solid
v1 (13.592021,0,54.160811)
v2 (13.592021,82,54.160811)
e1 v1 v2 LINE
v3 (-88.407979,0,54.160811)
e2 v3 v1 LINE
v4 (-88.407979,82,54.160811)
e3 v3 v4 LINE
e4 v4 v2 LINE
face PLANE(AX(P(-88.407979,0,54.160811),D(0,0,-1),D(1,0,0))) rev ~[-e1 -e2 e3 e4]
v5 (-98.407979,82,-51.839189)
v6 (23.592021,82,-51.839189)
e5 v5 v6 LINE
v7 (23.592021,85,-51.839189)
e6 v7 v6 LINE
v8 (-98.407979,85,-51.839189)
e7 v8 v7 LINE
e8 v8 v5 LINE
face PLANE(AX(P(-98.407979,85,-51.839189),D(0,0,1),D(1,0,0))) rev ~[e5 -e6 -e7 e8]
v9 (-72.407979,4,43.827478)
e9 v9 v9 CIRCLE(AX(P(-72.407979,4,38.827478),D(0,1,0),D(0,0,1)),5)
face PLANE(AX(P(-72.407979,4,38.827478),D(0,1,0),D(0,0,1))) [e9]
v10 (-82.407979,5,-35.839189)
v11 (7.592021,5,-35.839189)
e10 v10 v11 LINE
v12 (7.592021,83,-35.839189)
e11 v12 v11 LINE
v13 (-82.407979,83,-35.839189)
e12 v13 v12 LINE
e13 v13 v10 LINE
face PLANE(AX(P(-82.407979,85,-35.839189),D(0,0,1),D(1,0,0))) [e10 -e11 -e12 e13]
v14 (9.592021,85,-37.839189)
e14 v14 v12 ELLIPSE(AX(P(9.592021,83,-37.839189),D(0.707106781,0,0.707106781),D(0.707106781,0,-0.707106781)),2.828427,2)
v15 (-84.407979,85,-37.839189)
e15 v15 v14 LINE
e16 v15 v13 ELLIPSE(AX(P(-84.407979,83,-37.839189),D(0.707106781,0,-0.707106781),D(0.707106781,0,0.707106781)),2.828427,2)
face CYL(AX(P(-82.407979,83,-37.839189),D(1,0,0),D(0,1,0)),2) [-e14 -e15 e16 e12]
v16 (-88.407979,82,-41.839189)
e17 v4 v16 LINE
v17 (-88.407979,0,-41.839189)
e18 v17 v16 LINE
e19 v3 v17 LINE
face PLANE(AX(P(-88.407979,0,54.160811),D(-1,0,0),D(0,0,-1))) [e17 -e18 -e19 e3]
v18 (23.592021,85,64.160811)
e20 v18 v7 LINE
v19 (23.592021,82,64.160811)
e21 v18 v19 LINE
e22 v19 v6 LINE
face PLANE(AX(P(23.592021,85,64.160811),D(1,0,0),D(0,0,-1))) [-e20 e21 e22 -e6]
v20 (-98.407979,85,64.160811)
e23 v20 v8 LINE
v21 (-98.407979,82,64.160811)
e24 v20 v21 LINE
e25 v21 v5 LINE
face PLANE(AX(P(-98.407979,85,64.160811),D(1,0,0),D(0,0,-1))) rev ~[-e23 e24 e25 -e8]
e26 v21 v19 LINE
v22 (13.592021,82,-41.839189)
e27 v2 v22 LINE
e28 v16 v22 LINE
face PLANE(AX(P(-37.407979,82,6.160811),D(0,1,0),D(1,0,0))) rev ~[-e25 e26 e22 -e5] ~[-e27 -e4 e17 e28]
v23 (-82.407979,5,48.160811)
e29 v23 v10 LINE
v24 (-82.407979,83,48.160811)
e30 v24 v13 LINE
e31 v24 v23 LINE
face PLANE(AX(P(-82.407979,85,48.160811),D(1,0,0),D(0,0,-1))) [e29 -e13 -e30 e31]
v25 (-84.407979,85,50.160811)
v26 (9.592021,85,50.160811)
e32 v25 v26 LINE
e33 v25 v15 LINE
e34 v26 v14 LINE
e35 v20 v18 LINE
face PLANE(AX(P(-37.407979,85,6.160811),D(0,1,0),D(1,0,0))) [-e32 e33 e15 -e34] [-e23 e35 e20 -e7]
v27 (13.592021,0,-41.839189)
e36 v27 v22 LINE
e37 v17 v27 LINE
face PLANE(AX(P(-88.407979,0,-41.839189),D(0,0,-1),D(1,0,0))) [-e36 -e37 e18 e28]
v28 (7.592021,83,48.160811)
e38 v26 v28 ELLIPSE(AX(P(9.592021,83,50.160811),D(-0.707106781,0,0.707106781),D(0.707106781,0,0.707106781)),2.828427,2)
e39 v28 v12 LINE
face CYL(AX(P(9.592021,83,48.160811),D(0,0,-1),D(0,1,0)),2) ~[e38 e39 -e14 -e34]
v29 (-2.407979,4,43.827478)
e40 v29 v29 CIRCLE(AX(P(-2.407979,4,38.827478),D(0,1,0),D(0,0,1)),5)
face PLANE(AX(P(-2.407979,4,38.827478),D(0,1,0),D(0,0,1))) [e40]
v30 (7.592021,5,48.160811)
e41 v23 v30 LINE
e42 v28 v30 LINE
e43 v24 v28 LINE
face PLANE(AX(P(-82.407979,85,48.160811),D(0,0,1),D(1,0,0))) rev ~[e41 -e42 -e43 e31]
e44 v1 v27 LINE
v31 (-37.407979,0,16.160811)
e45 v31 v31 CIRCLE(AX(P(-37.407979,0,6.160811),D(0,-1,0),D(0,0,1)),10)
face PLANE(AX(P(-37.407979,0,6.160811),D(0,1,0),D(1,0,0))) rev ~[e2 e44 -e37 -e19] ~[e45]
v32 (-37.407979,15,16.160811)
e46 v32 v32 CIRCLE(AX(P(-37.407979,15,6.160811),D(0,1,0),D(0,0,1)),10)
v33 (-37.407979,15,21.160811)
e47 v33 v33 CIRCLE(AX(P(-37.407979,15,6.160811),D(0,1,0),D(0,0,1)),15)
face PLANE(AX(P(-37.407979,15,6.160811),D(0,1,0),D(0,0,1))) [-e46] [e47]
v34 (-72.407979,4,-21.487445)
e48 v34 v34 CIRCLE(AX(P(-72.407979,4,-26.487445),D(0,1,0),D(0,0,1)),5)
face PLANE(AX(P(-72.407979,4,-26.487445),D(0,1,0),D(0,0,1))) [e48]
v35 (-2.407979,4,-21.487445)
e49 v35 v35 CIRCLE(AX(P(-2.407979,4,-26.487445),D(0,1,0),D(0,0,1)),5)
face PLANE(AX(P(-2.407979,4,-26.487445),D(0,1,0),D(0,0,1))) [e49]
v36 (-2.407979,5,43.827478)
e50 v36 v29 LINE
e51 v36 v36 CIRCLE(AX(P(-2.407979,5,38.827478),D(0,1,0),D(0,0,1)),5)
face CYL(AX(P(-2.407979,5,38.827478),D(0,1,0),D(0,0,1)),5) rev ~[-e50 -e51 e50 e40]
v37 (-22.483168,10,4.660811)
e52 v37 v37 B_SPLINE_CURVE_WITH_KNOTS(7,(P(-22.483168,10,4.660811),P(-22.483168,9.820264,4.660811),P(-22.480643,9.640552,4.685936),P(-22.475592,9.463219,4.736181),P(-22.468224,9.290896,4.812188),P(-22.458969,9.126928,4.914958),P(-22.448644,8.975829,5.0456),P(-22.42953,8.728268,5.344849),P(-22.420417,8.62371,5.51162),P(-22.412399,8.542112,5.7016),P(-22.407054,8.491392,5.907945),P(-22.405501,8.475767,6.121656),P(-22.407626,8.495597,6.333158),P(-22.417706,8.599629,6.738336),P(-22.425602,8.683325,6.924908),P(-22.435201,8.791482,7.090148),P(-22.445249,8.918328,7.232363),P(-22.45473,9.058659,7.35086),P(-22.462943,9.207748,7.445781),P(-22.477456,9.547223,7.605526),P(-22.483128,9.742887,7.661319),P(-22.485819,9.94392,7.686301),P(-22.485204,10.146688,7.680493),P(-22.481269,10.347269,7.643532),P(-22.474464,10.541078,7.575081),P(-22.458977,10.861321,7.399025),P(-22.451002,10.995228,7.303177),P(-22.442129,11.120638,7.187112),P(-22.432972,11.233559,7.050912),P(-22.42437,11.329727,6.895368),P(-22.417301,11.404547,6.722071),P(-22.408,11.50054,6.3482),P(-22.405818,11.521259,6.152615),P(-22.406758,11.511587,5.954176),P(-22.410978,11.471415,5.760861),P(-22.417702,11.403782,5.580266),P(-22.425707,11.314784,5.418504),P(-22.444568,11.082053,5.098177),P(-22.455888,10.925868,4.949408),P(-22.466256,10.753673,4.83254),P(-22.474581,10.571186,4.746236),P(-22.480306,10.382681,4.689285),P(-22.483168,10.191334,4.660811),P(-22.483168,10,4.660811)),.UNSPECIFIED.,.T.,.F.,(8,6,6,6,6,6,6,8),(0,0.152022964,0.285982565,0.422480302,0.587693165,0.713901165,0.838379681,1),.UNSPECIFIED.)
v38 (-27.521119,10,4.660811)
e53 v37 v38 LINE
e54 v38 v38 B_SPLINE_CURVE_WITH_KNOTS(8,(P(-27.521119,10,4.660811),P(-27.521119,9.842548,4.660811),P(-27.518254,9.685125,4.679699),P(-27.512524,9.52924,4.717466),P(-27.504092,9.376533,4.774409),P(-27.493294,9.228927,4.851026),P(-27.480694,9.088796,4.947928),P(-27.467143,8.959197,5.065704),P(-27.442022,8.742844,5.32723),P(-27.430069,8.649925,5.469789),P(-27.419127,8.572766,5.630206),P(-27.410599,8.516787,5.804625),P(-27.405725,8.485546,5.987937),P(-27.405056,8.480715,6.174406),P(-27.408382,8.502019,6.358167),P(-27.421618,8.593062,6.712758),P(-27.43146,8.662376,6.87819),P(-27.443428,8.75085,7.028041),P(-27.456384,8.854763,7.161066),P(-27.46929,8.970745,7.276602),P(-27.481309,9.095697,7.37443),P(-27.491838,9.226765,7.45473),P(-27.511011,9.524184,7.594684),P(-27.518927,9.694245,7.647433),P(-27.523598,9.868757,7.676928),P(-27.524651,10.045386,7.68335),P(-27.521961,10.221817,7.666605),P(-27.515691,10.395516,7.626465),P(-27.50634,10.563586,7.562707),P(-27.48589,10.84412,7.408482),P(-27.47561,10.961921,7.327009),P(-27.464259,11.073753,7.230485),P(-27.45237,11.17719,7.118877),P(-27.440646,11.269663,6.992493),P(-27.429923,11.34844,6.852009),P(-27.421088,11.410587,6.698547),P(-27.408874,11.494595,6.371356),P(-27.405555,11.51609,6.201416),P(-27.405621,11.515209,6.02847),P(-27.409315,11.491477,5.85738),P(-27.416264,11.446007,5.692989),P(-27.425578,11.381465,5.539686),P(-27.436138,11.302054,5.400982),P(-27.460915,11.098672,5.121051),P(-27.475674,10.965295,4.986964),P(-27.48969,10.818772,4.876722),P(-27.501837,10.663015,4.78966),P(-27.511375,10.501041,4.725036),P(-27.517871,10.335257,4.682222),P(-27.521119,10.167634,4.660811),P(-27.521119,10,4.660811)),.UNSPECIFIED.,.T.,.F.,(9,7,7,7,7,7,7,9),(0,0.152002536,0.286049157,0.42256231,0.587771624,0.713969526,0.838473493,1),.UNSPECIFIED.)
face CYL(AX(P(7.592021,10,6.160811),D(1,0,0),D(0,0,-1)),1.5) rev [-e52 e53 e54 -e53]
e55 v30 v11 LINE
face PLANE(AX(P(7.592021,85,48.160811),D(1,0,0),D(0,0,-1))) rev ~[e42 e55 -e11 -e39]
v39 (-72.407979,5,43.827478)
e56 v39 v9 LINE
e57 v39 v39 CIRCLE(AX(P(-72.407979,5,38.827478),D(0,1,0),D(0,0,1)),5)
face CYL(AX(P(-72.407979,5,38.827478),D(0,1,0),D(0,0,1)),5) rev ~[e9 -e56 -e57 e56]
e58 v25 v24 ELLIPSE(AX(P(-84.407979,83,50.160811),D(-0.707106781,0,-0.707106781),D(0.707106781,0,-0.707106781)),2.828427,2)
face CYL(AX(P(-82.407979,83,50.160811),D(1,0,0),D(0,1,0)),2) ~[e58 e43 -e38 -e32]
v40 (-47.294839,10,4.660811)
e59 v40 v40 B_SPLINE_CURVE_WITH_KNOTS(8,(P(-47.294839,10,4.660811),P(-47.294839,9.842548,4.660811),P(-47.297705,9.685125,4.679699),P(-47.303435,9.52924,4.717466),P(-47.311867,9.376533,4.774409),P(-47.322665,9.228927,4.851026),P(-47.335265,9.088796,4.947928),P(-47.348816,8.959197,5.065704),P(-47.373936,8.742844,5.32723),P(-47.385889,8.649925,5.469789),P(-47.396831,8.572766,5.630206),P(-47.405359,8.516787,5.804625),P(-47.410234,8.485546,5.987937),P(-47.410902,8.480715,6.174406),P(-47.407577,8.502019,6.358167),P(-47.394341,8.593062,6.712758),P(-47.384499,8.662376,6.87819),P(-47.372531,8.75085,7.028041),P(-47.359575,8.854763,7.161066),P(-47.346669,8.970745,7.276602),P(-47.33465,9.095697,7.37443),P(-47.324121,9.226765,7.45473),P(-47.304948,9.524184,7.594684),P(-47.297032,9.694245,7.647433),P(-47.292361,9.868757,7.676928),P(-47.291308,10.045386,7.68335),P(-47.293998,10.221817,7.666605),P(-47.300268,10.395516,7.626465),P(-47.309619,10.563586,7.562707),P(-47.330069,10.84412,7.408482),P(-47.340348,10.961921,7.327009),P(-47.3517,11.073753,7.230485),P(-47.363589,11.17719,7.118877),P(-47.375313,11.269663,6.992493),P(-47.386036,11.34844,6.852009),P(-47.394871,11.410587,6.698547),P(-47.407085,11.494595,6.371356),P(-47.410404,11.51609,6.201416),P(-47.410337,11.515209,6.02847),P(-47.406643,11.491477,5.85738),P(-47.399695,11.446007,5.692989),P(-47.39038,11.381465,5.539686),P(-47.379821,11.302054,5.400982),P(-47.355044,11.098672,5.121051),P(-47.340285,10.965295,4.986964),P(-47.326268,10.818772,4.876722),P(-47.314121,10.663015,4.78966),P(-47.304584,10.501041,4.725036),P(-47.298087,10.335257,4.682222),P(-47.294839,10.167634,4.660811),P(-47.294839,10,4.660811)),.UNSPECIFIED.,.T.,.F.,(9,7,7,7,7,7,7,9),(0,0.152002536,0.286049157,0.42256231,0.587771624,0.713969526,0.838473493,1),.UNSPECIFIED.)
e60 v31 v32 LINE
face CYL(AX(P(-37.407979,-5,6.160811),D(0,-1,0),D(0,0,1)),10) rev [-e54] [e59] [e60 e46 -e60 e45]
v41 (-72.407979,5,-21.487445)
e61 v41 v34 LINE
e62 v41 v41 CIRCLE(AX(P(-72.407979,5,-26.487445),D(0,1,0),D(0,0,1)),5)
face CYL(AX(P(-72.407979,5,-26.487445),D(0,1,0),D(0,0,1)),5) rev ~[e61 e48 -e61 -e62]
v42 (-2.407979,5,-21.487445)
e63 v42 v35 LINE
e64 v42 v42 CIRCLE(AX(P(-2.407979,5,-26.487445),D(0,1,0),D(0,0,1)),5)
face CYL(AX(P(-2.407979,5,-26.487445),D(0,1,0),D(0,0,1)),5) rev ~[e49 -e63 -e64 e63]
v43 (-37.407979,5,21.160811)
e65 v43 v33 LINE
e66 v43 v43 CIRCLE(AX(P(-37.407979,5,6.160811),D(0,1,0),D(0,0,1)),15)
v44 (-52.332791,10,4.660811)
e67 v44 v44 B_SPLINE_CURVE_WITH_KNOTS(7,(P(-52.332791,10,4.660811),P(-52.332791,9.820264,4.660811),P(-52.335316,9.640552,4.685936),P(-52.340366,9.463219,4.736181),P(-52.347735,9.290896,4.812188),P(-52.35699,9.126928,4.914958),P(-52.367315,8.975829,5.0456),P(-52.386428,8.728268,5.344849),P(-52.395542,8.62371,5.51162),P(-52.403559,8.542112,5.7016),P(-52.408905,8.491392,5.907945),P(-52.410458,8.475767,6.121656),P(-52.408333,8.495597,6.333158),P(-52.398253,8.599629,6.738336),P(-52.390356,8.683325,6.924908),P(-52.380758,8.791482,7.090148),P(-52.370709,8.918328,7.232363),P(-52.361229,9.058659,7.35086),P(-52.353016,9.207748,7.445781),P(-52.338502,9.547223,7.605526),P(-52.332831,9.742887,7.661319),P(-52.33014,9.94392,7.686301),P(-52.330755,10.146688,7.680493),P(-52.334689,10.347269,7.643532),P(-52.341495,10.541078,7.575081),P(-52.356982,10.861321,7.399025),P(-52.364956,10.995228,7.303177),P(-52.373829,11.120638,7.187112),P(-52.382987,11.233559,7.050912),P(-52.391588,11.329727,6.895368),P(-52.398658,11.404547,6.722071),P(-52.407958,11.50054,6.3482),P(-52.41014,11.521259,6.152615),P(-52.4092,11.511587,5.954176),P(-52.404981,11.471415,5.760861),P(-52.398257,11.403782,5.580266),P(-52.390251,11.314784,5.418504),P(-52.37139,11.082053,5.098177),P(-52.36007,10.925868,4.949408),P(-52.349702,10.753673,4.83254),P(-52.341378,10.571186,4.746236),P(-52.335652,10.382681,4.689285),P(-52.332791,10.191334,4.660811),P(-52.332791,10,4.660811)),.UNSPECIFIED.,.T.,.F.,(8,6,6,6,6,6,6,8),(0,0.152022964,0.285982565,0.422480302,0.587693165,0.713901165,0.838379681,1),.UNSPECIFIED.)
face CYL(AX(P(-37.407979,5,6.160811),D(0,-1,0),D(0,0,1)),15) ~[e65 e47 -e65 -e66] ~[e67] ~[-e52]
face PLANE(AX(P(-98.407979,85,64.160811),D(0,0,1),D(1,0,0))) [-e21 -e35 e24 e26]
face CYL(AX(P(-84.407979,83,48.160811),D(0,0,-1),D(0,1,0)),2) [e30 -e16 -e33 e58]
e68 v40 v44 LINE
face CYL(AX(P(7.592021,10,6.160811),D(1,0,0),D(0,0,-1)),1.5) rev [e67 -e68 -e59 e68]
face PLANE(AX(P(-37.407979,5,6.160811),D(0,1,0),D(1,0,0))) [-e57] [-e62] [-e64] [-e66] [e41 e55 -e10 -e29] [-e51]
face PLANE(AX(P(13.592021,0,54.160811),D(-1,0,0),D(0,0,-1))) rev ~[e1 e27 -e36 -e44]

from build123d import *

# Parameters (mm, degrees)
SKETCH1_W           = 102
SKETCH1_H           = 96
BOSS_EXTRUDE1_DEPTH = 85
SKETCH3_W           = 90
SKETCH3_H           = 84
CUT_EXTRUDE2_DEPTH  = 80
SKETCH4_W           = 122
SKETCH4_H           = 116
SKETCH4_W_2         = 102
SKETCH4_H_2         = 96
BOSS_EXTRUDE2_DEPTH = 3
SKETCH5_R           = 15
SKETCH5_R_2         = 10
BOSS_EXTRUDE3_DEPTH = 10
CUT_EXTRUDE3_START  = -10
SKETCH8_R           = 10
CUT_EXTRUDE3_DEPTH  = 10
SKETCH9_R           = 1.5
CUT_EXTRUDE4_DEPTH  = 80
SKETCH10_R          = 5
CUT_EXTRUDE_1_DEPTH = 1
FILLET_2_R          = 2


with BuildPart() as part:
    # Sketch1 → Boss-Extrude1 (new body)
    with BuildSketch(Plane(origin=(0, 0, 0), x_dir=(1, 0, 0), z_dir=(0, 1, 0))):
        with Locations((-37.407979351, -6.16081108)):
            Rectangle(SKETCH1_W, SKETCH1_H)
    extrude(amount=BOSS_EXTRUDE1_DEPTH)

    # Sketch3 → Cut-Extrude2 (cut)
    with BuildSketch(Plane(origin=(0, 85, 0), x_dir=(1, 0, 0), z_dir=(0, 1, 0))):
        with Locations((-37.407979351, -6.16081108)):
            Rectangle(SKETCH3_W, SKETCH3_H)
    extrude(amount=-CUT_EXTRUDE2_DEPTH, mode=Mode.SUBTRACT)

    # Sketch4 → Boss-Extrude2 (add)
    with BuildSketch(Plane(origin=(0, 85, 0), x_dir=(1, 0, 0), z_dir=(0, 1, 0))):
        with Locations((-37.407979351, -6.16081108)):
            Rectangle(SKETCH4_W, SKETCH4_H)
        with Locations((-37.407979351, -6.16081108)):
            Rectangle(SKETCH4_W_2, SKETCH4_H_2, mode=Mode.SUBTRACT)
    extrude(amount=-BOSS_EXTRUDE2_DEPTH)

    # Sketch5 → Boss-Extrude3 (add)
    with BuildSketch(Plane(origin=(0, 5, 0), x_dir=(1, 0, 0), z_dir=(0, 1, 0))):
        with Locations(Location((-37.407979351, -6.16081108, 0), (0, 0, 270))):
            Circle(SKETCH5_R)
        with Locations(Location((-37.407979351, -6.16081108, 0), (0, 0, 270))):
            Circle(SKETCH5_R_2, mode=Mode.SUBTRACT)
    extrude(amount=BOSS_EXTRUDE3_DEPTH)

    # Sketch8 → Cut-Extrude3 (cut)
    with BuildSketch(Plane(origin=(0, 5, 0), x_dir=(1, 0, 0), z_dir=(0, 1, 0)).offset(CUT_EXTRUDE3_START)):
        with Locations(Location((-37.407979351, -6.16081108, 0), (0, 0, 270))):
            Circle(SKETCH8_R)
    extrude(amount=CUT_EXTRUDE3_DEPTH, mode=Mode.SUBTRACT)

    # Sketch9 → Cut-Extrude4 (cut)
    with BuildSketch(Plane.ZY.offset(-7.592020649)):
        with Locations(Location((6.16081108, 10, 0), (0, 0, 180))):
            Circle(SKETCH9_R)
    extrude(amount=CUT_EXTRUDE4_DEPTH, mode=Mode.SUBTRACT)

    # Sketch10 → 切除-拉伸1 (cut)
    with BuildSketch(Plane(origin=(0, 5, 0), x_dir=(1, 0, 0), z_dir=(0, 1, 0))):
        with Locations(Location((-2.407979351, 26.487445273, 0), (0, 0, 270))):
            Circle(SKETCH10_R)
        with Locations(Location((-2.407979351, -38.827477746, 0), (0, 0, 270))):
            Circle(SKETCH10_R)
        with Locations(Location((-72.407979351, -38.827477746, 0), (0, 0, 270))):
            Circle(SKETCH10_R)
        with Locations(Location((-72.407979351, 26.487445273, 0), (0, 0, 270))):
            Circle(SKETCH10_R)
    extrude(amount=-CUT_EXTRUDE_1_DEPTH, mode=Mode.SUBTRACT)

    # 圆角2
    fillet_2_edges = [part.edges().sort_by_distance(p)[0] for p in [
        (-37.407979351, 85, -35.83918892),
        (-82.407979351, 85, 6.16081108),
        (-37.407979351, 85, 48.16081108),
        (7.592020649, 85, 6.16081108),
    ]]
    fillet(fillet_2_edges, radius=FILLET_2_R)


solid = part.part
